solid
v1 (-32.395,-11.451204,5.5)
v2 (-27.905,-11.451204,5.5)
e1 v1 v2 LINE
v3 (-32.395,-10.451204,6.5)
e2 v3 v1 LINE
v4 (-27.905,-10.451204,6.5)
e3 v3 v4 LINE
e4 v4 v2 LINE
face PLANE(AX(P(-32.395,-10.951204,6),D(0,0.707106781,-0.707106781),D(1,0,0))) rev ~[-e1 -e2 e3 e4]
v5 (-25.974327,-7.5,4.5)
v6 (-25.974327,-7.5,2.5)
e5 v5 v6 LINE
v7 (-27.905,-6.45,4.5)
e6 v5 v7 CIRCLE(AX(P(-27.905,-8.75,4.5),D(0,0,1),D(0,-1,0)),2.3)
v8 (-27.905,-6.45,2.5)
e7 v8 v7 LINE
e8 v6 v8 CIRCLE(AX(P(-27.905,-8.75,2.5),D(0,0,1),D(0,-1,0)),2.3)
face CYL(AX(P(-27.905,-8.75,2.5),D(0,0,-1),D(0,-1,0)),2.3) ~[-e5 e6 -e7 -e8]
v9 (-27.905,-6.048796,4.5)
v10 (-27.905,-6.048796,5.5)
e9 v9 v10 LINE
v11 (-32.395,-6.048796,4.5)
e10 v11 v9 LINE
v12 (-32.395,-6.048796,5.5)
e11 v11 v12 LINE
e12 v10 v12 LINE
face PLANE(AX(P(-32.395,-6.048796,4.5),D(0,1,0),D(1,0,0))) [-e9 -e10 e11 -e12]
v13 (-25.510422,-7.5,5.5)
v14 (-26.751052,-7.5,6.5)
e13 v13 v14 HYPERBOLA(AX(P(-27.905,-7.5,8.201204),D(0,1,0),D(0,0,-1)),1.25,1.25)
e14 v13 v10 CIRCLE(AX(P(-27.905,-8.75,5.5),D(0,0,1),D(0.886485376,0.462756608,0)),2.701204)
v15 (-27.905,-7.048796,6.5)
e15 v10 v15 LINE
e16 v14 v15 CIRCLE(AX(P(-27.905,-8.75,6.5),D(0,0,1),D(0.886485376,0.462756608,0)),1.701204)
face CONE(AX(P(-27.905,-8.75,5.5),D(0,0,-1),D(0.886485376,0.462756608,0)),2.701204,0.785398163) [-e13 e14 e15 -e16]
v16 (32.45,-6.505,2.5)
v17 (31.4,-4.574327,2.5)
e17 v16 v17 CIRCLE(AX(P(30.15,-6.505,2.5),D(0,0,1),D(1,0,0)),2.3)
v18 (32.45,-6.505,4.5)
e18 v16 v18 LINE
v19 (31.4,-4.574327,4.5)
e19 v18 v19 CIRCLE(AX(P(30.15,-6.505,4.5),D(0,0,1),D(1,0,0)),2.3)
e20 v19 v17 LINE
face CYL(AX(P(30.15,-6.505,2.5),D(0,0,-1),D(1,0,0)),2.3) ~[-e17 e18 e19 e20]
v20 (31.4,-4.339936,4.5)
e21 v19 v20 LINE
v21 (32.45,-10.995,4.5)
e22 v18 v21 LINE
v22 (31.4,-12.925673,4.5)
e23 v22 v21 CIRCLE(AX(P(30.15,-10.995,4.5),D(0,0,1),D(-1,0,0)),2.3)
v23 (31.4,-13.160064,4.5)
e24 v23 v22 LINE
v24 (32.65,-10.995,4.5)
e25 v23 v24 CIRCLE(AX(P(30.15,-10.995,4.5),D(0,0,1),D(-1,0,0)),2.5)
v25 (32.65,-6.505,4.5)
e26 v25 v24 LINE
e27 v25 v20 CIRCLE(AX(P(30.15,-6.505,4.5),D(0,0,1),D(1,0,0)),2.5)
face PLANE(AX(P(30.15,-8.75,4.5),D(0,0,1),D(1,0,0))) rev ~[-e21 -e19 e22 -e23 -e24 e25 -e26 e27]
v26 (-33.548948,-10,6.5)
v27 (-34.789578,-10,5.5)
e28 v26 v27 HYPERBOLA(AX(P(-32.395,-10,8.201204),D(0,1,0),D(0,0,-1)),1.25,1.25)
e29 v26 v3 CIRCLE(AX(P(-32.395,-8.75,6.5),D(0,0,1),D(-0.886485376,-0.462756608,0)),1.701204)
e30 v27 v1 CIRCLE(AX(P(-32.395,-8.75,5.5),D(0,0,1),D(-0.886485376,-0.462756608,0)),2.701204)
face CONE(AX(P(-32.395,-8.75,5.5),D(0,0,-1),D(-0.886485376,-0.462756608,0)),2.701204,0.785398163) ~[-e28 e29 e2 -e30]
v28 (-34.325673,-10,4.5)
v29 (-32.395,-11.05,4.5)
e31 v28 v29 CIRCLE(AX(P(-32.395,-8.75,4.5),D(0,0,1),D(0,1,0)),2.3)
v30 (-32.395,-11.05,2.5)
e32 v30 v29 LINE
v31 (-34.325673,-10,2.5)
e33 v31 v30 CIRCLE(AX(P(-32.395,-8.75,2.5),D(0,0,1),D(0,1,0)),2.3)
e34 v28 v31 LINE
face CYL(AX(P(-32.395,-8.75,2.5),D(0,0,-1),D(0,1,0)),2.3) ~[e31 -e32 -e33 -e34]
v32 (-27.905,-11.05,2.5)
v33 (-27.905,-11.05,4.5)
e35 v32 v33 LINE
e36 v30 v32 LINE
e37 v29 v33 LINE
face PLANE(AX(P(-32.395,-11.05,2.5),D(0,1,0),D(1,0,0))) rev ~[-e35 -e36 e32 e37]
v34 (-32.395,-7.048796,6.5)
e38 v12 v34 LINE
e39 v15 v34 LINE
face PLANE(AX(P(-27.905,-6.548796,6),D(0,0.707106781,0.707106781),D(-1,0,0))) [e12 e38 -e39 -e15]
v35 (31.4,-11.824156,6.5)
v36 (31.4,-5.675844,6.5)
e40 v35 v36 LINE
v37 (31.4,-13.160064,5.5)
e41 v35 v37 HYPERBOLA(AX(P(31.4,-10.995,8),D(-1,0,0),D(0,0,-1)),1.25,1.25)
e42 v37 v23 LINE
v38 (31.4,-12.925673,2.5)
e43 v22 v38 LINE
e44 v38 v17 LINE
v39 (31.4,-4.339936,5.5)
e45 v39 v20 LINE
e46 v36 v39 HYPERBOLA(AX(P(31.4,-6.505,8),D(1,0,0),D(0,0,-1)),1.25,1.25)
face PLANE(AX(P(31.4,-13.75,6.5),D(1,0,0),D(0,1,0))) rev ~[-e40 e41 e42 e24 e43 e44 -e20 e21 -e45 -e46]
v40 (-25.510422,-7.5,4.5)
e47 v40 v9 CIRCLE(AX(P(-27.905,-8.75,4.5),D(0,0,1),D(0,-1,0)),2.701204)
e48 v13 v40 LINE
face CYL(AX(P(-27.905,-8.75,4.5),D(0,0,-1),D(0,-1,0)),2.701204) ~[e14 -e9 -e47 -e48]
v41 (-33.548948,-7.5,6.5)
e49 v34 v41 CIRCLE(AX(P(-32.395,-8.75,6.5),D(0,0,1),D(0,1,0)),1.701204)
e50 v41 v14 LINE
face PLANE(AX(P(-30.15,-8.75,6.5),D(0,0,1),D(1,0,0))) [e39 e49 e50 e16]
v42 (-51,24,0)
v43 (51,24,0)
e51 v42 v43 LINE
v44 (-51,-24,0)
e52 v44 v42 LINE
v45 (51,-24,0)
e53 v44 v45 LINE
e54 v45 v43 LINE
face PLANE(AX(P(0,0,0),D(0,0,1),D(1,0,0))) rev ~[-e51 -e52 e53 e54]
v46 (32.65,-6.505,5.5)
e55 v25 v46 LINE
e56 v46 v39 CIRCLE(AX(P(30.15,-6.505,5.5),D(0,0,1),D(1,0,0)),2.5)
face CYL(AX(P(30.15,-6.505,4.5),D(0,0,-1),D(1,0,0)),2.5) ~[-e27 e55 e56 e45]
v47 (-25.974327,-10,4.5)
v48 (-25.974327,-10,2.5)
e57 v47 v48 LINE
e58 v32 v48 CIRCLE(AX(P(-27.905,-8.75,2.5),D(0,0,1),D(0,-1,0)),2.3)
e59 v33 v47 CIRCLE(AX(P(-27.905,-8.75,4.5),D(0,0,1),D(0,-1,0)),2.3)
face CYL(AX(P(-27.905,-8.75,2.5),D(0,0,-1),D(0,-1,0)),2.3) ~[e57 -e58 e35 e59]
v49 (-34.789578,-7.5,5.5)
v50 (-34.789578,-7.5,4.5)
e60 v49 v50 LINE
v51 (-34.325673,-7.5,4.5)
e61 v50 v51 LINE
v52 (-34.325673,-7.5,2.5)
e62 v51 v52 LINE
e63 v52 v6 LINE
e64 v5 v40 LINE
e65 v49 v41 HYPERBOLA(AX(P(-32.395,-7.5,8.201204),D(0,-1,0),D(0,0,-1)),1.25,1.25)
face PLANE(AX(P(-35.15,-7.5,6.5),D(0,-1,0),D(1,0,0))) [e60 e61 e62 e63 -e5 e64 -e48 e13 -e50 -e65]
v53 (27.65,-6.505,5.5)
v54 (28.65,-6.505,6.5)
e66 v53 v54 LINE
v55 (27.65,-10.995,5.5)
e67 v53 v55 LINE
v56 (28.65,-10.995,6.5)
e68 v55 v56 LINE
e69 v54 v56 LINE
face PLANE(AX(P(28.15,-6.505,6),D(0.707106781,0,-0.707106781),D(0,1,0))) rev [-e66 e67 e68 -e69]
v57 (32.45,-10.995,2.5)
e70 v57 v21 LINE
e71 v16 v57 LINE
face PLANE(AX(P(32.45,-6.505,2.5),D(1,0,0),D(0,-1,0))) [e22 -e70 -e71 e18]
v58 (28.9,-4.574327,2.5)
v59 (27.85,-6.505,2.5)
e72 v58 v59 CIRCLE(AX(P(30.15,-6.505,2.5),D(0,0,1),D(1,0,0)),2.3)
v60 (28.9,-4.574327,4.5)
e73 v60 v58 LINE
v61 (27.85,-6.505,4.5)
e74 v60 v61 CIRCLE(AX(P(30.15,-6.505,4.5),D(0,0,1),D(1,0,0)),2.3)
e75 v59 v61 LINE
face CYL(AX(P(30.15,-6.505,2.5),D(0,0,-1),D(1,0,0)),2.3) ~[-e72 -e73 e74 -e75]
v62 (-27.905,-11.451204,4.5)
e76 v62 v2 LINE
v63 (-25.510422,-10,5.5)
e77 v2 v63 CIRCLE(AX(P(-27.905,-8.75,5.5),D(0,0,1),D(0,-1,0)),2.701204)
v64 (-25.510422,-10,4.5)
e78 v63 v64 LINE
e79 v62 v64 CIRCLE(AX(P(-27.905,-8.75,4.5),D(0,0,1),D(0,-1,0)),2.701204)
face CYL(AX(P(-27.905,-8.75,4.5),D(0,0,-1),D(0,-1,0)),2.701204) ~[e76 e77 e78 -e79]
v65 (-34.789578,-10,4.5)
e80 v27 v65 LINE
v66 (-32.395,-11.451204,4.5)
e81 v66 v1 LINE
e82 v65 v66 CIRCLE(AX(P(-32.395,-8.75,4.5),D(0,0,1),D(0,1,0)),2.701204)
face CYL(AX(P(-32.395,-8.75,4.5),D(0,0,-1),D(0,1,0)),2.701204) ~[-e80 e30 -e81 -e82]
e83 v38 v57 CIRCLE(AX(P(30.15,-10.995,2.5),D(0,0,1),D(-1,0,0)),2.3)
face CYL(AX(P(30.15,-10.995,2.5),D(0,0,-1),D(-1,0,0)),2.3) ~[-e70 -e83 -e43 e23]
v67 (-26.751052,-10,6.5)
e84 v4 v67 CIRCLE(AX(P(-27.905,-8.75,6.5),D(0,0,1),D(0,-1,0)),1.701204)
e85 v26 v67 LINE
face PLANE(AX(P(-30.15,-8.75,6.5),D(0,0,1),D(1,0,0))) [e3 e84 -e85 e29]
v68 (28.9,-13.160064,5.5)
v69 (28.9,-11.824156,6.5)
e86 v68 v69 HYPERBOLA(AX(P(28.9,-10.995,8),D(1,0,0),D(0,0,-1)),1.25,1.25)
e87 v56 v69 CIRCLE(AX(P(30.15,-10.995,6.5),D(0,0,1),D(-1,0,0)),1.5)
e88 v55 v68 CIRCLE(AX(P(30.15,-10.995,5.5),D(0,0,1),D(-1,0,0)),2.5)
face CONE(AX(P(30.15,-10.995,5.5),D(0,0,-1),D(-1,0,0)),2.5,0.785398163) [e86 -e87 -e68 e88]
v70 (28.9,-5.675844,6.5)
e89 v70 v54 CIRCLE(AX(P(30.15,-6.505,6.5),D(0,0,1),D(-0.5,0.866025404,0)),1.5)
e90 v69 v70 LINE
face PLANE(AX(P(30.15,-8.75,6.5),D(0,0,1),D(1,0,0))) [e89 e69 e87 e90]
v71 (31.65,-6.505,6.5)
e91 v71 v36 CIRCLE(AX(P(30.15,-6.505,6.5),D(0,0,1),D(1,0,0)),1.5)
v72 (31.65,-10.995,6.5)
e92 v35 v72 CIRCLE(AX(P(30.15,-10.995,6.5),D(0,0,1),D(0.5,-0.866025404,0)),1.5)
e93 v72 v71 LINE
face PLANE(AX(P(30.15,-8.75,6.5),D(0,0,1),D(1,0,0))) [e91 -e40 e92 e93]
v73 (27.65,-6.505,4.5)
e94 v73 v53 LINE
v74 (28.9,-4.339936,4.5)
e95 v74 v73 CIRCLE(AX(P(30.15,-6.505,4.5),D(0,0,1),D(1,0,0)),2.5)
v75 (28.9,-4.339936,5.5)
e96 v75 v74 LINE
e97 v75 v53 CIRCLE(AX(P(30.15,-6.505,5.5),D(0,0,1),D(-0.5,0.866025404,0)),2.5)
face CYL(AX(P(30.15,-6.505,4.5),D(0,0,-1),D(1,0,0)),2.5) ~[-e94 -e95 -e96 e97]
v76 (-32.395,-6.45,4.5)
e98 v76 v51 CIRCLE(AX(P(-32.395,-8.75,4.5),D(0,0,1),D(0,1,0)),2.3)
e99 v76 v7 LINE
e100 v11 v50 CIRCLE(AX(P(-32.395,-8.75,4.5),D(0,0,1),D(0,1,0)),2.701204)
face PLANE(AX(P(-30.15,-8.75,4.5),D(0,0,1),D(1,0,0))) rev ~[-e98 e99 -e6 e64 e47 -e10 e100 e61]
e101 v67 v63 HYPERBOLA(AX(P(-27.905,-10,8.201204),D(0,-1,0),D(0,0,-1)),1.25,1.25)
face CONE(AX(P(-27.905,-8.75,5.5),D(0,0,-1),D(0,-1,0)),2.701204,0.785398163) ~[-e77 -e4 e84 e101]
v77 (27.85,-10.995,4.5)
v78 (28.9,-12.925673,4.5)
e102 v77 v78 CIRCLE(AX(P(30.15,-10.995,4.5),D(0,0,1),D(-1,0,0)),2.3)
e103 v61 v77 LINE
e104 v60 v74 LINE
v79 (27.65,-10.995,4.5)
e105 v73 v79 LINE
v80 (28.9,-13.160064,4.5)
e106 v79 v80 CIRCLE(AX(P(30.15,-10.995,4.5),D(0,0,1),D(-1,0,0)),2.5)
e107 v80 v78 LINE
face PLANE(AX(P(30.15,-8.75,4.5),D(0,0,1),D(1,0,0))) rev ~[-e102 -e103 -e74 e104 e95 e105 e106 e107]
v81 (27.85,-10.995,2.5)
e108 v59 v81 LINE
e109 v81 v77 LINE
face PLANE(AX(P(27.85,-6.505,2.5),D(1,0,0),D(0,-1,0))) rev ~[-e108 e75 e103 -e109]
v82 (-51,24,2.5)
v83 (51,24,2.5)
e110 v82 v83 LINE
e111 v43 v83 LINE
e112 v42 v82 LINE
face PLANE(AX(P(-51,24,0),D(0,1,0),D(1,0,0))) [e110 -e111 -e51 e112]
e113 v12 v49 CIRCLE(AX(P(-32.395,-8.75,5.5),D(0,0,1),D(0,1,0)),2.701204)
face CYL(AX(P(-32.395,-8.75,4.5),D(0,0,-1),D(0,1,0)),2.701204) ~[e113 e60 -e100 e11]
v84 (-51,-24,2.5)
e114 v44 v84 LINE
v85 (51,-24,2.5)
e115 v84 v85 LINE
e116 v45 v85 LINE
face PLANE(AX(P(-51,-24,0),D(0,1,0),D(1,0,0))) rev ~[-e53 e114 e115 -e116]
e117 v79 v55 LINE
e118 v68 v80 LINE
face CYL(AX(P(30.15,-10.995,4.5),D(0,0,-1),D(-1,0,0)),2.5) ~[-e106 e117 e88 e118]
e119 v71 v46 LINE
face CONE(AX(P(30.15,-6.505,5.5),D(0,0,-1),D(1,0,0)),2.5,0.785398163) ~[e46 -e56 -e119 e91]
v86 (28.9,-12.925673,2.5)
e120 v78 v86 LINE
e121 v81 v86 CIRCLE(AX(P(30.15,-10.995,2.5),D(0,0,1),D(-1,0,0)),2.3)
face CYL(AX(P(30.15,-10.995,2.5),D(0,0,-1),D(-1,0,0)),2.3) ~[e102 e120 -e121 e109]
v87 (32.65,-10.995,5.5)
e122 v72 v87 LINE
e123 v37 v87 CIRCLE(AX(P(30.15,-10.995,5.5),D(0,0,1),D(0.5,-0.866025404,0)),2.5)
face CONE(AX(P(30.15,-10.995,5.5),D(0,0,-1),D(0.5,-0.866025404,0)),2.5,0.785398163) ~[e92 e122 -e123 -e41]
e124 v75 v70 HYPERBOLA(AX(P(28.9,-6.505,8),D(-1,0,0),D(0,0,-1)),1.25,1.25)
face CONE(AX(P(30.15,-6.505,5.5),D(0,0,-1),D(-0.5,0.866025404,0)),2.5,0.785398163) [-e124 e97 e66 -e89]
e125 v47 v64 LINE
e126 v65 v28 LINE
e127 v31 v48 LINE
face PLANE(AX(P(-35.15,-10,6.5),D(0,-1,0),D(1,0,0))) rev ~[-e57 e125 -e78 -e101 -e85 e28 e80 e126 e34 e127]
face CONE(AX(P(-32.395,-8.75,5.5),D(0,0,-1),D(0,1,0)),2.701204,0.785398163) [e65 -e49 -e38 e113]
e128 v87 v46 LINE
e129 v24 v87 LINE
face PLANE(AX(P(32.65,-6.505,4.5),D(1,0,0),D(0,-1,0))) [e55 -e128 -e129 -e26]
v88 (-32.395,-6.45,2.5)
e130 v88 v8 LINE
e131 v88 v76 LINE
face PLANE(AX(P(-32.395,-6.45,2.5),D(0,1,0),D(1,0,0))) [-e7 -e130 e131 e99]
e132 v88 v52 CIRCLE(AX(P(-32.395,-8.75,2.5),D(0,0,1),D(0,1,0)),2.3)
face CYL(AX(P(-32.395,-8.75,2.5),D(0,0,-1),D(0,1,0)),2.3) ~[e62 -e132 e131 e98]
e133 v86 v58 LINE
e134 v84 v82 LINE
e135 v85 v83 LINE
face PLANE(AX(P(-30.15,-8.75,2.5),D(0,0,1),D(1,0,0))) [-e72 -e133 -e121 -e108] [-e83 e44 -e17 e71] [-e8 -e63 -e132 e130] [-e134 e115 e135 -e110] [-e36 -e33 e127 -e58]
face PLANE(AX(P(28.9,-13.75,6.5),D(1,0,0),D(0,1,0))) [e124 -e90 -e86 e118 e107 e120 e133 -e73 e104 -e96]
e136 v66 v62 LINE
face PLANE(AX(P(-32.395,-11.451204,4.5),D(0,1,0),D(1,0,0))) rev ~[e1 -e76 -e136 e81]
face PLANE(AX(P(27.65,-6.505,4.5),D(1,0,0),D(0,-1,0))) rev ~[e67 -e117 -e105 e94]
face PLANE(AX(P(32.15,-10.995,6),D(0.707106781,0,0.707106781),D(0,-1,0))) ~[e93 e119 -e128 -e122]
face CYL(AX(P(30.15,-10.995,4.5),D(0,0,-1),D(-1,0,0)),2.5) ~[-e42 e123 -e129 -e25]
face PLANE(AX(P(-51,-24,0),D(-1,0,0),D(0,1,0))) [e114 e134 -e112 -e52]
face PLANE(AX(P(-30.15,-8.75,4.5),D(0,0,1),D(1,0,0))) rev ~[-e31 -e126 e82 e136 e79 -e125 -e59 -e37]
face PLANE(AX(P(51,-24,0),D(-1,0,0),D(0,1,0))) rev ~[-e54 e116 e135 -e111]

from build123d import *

# Parameters (mm, degrees)
SKETCH_W      = 102
SKETCH_H      = 48
PAD_DEPTH     = 2.5
PAD001_DEPTH  = 2
PAD002_DEPTH  = 2
SKETCH004_W   = 10
SKETCH004_H   = 2.5
SKETCH004_W_2 = 2.5
SKETCH004_H_2 = 10
POCKET_DEPTH  = 4
CHAMFER_SIZE  = 1


with BuildPart() as part:
    # Sketch → Pad (new body)
    with BuildSketch(Plane.XY):
        Rectangle(SKETCH_W, SKETCH_H)
    extrude(amount=PAD_DEPTH)

    # Sketch001 (on Face6 of Pad) → Pad001 (join)
    with BuildSketch(Plane.XY.offset(2.5)):
        with BuildLine():
            ThreePointArc((-32.395, -6.45), (-34.695, -8.75), (-32.395, -11.05))
            Line((-32.395, -11.05), (-27.905, -11.05))
            ThreePointArc((-27.905, -11.05), (-25.605, -8.75), (-27.905, -6.45))
            Line((-32.395, -6.45), (-27.905, -6.45))
        make_face()
        with BuildLine():
            ThreePointArc((32.45, -6.505), (30.15, -4.205), (27.85, -6.505))
            Line((27.85, -6.505), (27.85, -10.995))
            ThreePointArc((27.85, -10.995), (30.15, -13.295), (32.45, -10.995))
            Line((32.45, -6.505), (32.45, -10.995))
        make_face()
    extrude(amount=PAD001_DEPTH)

    # Sketch002 (on Face15 of Pad001) → Pad002 (join)
    with BuildSketch(Plane.XY.offset(4.5)):
        with BuildLine():
            ThreePointArc((-32.395, -6.048796), (-35.096204, -8.75), (-32.395, -11.451204))
            Line((-32.395, -11.451204), (-27.905, -11.451204))
            ThreePointArc((-27.905, -11.451204), (-25.203796, -8.75), (-27.905, -6.048796))
            Line((-32.395, -6.048796), (-27.905, -6.048796))
        make_face()
        with BuildLine():
            ThreePointArc((32.65, -6.505), (30.15, -4.005), (27.65, -6.505))
            Line((27.65, -6.505), (27.65, -10.995))
            ThreePointArc((27.65, -10.995), (30.15, -13.495), (32.65, -10.995))
            Line((32.65, -6.505), (32.65, -10.995))
        make_face()
    extrude(amount=PAD002_DEPTH)

    # Sketch004 (on Face25 of Pad002) → Pocket (cut)
    with BuildSketch(Plane.XY.offset(6.5)):
        with Locations((-30.15, -8.75)):
            Rectangle(SKETCH004_W, SKETCH004_H)
        with Locations((30.15, -8.75)):
            Rectangle(SKETCH004_W_2, SKETCH004_H_2)
    extrude(amount=-POCKET_DEPTH, mode=Mode.SUBTRACT)

    # Chamfer
    chamfer_edges = [part.edges().sort_by_distance(p)[0] for p in [
        (-33.795, -6.439912, 6.5),
        (-30.15, -6.048796, 6.5),
        (-26.505, -6.439912, 6.5),
        (-26.505, -11.060088, 6.5),
        (-30.15, -11.451204, 6.5),
        (-33.795, -11.060088, 6.5),
        (27.984936, -5.255, 6.5),
        (27.65, -8.75, 6.5),
        (27.984936, -12.245, 6.5),
        (32.315064, -12.245, 6.5),
        (32.65, -8.75, 6.5),
        (32.315064, -5.255, 6.5),
    ]]
    chamfer(chamfer_edges, length=CHAMFER_SIZE)


solid = part.part
